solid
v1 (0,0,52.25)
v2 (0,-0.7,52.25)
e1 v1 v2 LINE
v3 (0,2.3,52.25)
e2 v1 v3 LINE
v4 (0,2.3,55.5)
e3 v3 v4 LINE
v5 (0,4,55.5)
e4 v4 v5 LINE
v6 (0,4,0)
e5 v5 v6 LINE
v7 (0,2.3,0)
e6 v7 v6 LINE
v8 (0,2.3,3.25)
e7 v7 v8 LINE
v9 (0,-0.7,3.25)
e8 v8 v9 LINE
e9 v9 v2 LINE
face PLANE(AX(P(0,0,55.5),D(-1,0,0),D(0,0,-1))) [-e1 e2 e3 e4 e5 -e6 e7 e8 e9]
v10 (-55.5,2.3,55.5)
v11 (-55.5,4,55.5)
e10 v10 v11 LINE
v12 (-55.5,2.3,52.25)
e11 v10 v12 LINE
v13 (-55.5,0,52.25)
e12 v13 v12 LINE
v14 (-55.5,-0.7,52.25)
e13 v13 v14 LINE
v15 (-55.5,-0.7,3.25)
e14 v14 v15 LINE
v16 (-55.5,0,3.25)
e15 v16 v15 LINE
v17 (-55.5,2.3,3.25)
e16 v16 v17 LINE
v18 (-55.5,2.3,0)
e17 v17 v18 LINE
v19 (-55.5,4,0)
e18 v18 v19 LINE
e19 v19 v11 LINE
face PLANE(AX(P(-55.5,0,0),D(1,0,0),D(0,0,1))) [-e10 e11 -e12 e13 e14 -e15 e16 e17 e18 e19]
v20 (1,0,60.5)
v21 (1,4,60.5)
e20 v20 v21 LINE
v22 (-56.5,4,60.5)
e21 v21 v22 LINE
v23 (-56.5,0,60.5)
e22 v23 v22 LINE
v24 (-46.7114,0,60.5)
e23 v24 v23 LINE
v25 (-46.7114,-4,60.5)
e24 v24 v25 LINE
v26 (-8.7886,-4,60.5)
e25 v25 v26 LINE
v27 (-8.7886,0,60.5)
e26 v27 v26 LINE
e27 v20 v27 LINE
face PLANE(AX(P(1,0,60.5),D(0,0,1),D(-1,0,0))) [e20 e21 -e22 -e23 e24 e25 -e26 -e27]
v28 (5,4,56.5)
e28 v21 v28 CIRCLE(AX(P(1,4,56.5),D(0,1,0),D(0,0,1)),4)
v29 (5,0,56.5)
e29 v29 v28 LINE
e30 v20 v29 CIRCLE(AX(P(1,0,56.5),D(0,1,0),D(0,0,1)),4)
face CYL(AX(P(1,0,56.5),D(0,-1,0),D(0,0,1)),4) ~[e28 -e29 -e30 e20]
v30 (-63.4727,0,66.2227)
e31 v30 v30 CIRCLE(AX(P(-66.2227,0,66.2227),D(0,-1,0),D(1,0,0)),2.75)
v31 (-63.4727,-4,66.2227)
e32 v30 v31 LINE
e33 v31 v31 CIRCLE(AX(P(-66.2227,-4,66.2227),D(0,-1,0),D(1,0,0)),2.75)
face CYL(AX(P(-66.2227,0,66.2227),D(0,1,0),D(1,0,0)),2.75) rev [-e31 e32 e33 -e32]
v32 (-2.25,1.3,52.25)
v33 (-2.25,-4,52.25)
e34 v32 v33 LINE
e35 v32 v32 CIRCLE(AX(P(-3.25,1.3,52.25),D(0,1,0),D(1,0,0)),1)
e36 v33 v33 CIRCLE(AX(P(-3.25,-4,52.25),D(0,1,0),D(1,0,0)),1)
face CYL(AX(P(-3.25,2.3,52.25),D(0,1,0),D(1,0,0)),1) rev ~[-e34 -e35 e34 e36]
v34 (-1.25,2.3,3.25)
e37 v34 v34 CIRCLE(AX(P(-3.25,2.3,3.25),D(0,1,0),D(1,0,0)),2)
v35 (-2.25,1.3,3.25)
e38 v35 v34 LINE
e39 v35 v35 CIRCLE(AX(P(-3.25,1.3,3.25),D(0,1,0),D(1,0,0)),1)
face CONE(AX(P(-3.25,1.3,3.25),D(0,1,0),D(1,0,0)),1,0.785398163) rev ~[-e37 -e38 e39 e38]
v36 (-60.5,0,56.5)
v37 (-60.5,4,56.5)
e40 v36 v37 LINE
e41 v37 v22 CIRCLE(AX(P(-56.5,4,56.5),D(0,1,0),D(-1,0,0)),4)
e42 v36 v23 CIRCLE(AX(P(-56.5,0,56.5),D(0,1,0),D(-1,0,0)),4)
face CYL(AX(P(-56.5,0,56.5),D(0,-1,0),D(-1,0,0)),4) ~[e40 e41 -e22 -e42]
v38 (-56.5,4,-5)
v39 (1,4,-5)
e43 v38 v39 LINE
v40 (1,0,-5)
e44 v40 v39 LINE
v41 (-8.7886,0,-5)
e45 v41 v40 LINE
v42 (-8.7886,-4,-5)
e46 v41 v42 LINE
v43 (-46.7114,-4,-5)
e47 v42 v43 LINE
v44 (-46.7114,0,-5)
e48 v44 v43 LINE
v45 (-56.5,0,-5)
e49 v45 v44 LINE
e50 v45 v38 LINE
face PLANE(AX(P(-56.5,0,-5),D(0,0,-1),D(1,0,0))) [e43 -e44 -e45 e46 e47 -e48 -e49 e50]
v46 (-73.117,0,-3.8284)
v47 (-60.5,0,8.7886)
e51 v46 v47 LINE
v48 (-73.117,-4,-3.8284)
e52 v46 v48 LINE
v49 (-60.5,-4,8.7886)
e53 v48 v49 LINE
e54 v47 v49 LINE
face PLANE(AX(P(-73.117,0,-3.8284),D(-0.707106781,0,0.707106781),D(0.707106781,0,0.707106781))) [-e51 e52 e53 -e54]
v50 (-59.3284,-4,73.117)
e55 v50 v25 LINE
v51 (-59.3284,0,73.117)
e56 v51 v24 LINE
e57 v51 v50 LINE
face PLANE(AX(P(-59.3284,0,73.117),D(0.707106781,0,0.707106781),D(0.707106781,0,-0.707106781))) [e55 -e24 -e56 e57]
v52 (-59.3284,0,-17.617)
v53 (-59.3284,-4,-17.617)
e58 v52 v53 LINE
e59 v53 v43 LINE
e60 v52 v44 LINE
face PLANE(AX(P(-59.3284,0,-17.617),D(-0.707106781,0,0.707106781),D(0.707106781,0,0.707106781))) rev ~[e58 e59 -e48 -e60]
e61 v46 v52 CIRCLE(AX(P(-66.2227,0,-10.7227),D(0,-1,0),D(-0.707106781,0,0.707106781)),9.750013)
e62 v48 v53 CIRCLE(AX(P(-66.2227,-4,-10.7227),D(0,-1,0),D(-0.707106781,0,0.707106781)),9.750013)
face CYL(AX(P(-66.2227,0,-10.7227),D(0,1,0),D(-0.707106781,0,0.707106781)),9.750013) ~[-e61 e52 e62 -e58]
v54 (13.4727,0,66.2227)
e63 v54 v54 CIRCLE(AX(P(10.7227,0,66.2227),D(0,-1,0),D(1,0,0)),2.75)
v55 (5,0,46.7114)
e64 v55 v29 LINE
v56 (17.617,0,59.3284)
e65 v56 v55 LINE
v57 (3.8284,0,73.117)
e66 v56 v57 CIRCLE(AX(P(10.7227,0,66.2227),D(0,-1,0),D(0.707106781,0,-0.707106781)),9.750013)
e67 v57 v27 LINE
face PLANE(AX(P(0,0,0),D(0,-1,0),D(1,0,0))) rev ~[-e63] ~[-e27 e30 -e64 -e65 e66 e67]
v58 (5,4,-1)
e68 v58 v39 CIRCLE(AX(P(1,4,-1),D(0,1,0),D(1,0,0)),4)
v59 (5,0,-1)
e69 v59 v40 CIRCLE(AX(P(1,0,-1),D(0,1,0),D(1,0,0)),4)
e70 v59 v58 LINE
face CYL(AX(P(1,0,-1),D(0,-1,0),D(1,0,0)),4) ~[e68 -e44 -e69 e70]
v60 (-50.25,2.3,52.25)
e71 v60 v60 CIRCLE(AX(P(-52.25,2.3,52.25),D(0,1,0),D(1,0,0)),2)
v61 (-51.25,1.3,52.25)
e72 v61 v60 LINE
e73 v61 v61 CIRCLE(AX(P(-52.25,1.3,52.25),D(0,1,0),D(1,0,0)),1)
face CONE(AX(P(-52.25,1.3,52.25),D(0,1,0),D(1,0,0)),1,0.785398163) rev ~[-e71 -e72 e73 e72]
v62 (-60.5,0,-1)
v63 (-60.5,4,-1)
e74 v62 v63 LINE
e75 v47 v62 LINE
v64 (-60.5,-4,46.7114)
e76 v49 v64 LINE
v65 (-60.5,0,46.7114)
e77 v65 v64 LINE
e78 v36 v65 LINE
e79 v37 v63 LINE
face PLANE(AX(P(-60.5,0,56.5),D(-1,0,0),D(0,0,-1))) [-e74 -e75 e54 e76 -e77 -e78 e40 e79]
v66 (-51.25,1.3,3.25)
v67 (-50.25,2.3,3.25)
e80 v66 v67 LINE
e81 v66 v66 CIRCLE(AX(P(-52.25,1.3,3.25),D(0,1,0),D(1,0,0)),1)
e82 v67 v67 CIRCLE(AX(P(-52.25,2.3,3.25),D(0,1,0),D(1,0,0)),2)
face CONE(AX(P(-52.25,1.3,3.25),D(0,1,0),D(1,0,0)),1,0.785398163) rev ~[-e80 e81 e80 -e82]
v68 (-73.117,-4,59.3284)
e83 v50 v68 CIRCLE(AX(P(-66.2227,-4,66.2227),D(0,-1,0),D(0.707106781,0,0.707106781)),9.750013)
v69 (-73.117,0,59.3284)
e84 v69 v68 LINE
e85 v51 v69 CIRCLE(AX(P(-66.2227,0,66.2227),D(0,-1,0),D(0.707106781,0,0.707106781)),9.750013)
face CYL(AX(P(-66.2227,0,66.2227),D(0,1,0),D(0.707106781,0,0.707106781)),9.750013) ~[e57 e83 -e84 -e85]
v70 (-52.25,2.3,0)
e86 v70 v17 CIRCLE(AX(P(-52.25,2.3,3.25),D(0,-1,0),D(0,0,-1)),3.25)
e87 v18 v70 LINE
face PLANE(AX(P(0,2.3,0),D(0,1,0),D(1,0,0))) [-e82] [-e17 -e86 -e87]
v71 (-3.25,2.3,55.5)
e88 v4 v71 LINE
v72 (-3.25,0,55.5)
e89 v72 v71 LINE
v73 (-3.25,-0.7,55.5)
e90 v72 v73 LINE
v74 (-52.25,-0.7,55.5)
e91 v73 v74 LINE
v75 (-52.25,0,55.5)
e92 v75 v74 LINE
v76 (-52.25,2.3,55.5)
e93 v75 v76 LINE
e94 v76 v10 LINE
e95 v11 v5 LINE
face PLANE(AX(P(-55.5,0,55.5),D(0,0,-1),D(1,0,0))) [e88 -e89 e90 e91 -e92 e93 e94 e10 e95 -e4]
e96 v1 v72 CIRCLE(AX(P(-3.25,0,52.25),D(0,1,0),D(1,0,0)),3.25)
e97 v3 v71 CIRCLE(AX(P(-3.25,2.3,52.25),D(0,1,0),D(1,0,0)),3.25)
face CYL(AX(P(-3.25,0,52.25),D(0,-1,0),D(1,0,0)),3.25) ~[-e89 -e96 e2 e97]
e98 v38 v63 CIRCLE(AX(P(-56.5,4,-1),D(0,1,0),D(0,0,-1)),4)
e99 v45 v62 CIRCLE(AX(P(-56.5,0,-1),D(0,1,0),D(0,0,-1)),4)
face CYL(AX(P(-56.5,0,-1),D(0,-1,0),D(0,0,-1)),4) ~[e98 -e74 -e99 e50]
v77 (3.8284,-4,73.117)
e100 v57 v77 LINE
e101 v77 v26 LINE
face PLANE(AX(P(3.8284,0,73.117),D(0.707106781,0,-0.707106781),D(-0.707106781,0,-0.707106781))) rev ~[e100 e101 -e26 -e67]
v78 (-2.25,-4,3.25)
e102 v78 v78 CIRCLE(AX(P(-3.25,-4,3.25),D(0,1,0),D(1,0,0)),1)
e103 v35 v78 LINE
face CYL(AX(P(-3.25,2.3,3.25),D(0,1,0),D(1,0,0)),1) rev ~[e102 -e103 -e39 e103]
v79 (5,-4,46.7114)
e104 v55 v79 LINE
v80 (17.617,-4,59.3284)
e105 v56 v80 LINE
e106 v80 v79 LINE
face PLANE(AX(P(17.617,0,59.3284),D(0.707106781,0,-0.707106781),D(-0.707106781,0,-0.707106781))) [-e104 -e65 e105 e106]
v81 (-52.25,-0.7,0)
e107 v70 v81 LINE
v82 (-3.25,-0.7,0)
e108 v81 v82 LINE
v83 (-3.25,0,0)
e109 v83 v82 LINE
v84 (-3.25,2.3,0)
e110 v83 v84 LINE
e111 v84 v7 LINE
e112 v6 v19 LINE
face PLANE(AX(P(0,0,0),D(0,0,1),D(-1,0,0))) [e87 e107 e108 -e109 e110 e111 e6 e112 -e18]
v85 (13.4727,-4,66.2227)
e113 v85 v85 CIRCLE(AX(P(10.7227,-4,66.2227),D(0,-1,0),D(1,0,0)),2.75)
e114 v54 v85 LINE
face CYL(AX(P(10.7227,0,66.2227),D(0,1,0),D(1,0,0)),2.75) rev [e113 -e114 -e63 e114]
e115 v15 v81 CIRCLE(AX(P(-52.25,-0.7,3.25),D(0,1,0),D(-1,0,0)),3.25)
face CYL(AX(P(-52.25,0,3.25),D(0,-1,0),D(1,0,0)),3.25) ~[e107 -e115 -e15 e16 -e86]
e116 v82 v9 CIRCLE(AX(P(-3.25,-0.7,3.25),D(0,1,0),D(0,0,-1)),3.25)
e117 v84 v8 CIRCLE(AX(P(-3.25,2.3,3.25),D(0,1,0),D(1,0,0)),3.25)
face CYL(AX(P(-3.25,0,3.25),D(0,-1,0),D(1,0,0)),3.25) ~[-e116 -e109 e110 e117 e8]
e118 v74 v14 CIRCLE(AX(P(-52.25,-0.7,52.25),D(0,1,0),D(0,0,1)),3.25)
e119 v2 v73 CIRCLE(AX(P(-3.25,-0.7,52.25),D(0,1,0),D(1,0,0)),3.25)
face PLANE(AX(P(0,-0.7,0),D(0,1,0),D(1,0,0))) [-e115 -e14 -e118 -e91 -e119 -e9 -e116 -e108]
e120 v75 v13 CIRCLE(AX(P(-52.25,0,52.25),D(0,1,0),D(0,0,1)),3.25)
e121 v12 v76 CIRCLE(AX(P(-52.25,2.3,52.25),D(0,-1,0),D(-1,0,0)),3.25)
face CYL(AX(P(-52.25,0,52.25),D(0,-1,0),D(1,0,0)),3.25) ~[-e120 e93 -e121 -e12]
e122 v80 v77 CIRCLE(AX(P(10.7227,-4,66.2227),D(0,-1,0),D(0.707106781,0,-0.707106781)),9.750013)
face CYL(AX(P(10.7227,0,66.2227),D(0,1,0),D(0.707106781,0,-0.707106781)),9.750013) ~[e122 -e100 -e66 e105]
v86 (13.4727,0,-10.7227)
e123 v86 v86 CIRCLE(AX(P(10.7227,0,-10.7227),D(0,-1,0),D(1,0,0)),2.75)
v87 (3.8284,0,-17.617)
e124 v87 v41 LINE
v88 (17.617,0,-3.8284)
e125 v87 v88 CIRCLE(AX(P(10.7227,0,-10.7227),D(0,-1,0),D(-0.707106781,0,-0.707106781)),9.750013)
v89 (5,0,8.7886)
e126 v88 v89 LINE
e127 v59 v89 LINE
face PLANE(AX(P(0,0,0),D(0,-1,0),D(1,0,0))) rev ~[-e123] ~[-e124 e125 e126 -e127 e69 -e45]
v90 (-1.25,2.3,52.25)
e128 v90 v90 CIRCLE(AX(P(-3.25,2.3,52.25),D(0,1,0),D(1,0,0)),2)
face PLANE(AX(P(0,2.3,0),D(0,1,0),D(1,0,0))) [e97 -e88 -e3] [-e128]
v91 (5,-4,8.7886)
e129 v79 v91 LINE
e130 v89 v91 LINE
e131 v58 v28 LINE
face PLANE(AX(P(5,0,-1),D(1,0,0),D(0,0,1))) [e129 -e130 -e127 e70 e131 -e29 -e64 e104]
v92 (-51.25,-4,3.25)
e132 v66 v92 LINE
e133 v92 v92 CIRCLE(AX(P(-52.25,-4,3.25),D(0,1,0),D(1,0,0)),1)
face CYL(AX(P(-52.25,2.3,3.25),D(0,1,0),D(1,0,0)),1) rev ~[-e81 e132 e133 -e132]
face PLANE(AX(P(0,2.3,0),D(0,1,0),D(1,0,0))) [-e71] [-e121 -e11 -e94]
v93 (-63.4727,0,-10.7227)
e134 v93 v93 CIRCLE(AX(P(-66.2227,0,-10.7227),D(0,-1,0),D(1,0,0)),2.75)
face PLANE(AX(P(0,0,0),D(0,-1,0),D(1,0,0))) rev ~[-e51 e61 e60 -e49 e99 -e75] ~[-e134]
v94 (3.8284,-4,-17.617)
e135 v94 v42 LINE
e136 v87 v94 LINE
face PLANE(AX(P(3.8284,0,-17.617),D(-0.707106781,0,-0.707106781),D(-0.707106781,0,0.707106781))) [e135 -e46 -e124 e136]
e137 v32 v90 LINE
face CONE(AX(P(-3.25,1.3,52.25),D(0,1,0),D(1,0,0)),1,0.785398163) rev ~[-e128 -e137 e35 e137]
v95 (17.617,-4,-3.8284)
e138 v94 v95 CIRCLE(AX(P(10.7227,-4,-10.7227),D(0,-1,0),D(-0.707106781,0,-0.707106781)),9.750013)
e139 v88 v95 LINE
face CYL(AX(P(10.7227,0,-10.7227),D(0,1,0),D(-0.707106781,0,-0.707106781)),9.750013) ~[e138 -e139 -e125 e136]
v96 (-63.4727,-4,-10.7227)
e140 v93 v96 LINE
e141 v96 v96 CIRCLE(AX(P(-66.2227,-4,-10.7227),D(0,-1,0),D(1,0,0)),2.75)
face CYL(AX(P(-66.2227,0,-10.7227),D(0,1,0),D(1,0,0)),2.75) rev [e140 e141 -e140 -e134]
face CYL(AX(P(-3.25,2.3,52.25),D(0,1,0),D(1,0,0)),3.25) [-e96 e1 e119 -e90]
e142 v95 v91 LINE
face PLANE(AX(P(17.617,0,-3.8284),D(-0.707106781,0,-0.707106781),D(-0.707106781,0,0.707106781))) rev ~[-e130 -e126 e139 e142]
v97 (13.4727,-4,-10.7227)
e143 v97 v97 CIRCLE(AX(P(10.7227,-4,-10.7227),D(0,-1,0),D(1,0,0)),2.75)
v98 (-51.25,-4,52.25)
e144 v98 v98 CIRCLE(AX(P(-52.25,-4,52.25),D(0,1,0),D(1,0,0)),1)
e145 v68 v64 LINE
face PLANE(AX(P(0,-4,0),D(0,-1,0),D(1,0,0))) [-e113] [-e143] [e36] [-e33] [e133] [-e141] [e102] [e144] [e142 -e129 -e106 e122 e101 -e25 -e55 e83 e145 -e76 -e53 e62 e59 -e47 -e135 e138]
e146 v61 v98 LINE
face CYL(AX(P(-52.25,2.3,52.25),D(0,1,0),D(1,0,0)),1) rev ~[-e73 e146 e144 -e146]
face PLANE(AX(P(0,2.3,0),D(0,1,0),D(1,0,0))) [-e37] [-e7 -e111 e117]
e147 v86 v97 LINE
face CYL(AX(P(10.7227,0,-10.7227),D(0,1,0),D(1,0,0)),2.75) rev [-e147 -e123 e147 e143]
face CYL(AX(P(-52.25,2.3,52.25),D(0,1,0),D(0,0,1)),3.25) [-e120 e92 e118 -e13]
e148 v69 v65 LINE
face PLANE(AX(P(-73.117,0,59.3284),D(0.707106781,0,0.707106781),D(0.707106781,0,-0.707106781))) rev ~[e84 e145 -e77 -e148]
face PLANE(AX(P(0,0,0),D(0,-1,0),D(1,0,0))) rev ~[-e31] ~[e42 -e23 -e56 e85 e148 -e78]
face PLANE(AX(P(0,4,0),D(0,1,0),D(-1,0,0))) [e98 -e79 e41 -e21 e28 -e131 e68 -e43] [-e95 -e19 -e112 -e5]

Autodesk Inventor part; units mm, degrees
ref_plane "YZ Plane" through (0, 0, 0) normal (1, 0, 0) x (0, 1, 0)
ref_plane "XZ Plane" through (0, 0, 0) normal (0, 1, 0) x (-1, 0, 0)
ref_plane "XY Plane" through (0, 0, 0) normal (0, 0, 1) x (1, 0, 0)
sketch "Sketch1" plane through (0, 0, 0) normal (0, 1, 0) x (-1, 0, 0)
  line L0 (0, 0) -> (55.5, 0)
  line L1 (55.5, 0) -> (55.5, 55.5)
  line L2 (55.5, 55.5) -> (0, 55.5)
  line L3 (0, 55.5) -> (0, 0)
  line L4 (-1, 60.5) -> (56.5, 60.5)
  line L5 (60.5, 56.5) -> (60.5, -1)
  line L6 (56.5, -5) -> (-1, -5)
  line L7 (-5, -1) -> (-5, 56.5)
  arc A0 (60.5, 56.5) -> (56.5, 60.5) centre (56.5, 56.5) ccw
  arc A1 (56.5, -5) -> (60.5, -1) centre (56.5, -1) ccw
  arc A2 (-5, -1) -> (-1, -5) centre (-1, -1) ccw
  arc A3 (-1, 60.5) -> (-5, 56.5) centre (-1, 56.5) ccw
  dimension "d0" = 55.5
  dimension "d1" = 55.5
  dimension "d2" = 5
  dimension "d3" = 4
extrude "Extrusion1" add sketch "Sketch1" along normal blind 4
sketch "Sketch2" plane through (0, 0, 0) normal (0, -1, 0) x (1, 0, 0)
  line L0 (1, -5) -> (-56.5, -5) projected
  arc A0 (1, -5) -> (5, -1) centre (1, -1) ccw projected
  line L1 (5, 56.5) -> (5, -1) projected
  arc A1 (5, 56.5) -> (1, 60.5) centre (1, 56.5) ccw projected
  line L2 (-56.5, 60.5) -> (1, 60.5) projected
  arc A2 (-56.5, 60.5) -> (-60.5, 56.5) centre (-56.5, 56.5) ccw projected
  line L3 (-60.5, -1) -> (-60.5, 56.5) projected
  arc A3 (-60.5, -1) -> (-56.5, -5) centre (-56.5, -1) ccw projected
  line L4 (0, 0) -> (0, 55.5) projected
  line L5 (-55.5, 0) -> (0, 0) projected
  line L6 (-55.5, 55.5) -> (-55.5, 0) projected
  line L7 (0, 55.5) -> (-55.5, 55.5) projected
  line L8 (-77.75, 77.75) -> (22.25, 77.75) construction
  line L9 (22.25, 77.75) -> (22.25, -22.25) construction
  line L10 (22.25, -22.25) -> (-77.75, -22.25) construction
  line L11 (-77.75, -22.25) -> (-77.75, 77.75) construction
  line L12 (-77.75, 77.75) -> (22.25, -22.25) construction
  line L13 (22.25, 77.75) -> (-77.75, -22.25) construction
  circle A4 centre (10.7227, 66.2227) radius 2.75
  arc A5 (17.617, 59.3284) -> (3.8284, 73.117) centre (10.7227, 66.2227) ccw
  arc A6 (5, 56.5) -> (1, 60.5) centre (1, 56.5) ccw projected
  line L14 (17.617, 59.3284) -> (5, 46.7114)
  line L15 (3.8284, 73.117) -> (-8.7886, 60.5)
  line L16 (-59.3284, 73.117) -> (-46.7114, 60.5)
  arc A7 (-59.3284, 73.117) -> (-73.117, 59.3284) centre (-66.2227, 66.2227) ccw
  circle A8 centre (-66.2227, 66.2227) radius 2.75
  line L17 (-73.117, 59.3284) -> (-60.5, 46.7114)
  line L18 (-73.117, -3.8284) -> (-60.5, 8.7886)
  arc A9 (-73.117, -3.8284) -> (-59.3284, -17.617) centre (-66.2227, -10.7227) ccw
  circle A10 centre (-66.2227, -10.7227) radius 2.75
  line L19 (-59.3284, -17.617) -> (-46.7114, -5)
  line L20 (3.8284, -17.617) -> (-8.7886, -5)
  arc A11 (3.8284, -17.617) -> (17.617, -3.8284) centre (10.7227, -10.7227) ccw
  circle A12 centre (10.7227, -10.7227) radius 2.75
  line L21 (17.617, -3.8284) -> (5, 8.7886)
  point P0 (-27.75, 27.75)
  dimension "d6" = 100
  dimension "d7" = 100
  dimension "d8" = 5.5
  dimension "d9" = 7
  dimension "d12" = 360
extrude "Extrusion2" add sketch "Sketch2" along normal blind 4 contours A0 L1 L21 A11 L20 L0 | L0 A3 L3 A2 L2 A1 L1 A0 | L19 A9 L18 L3 A3 L0 | L1 A1 L2 L15 A5 L14 | L17 A7 L16 L2 A2 L3 | L5 L6 L7 L4
sketch "Sketch3" plane through (0, 0, 0) normal (0, 1, 0) x (1, 0, 0)
  line L0 (-52.25, -52.25) -> (-3.25, -52.25) construction
  line L1 (-3.25, -52.25) -> (-3.25, -3.25) construction
  line L2 (-3.25, -3.25) -> (-52.25, -3.25) construction
  line L3 (-52.25, -3.25) -> (-52.25, -52.25) construction
  line L4 (-52.25, -52.25) -> (-52.25, -55.5) construction
  line L5 (-52.25, -52.25) -> (-55.5, -52.25) construction
  line L6 (-55.5, -55.5) -> (-55.5, 0) construction
  line L7 (-3.25, -3.25) -> (0, -3.25) construction
  line L8 (0, 0) -> (0, -55.5) construction
  line L9 (-3.25, -3.25) -> (-3.25, 0) construction
  line L10 (-55.5, 0) -> (0, 0) construction
  line L11 (0, -55.5) -> (-55.5, -55.5) projected
  circle A0 centre (-52.25, -52.25) radius 3.25
  circle A1 centre (-52.25, -3.25) radius 3.25
  circle A2 centre (-3.25, -3.25) radius 3.25
  circle A3 centre (-3.25, -52.25) radius 3.25
  line L12 (-55.5, 0) -> (0, 0) projected
  line L13 (-55.5, -55.5) -> (-55.5, 0) projected
  line L14 (0, -55.5) -> (-55.5, -55.5) projected
  line L15 (0, 0) -> (0, -55.5) projected
  point P0 (-3.25, 0)
  point P1 (0, -3.25)
  point P2 (0, -52.25)
  point P3 (-3.25, -55.5)
  point P4 (-55.5, -3.25)
  point P5 (-52.25, 0)
  dimension "d16" = 49
  dimension "d17" = 49
extrude "Extrusion3" add sketch "Sketch3" along normal blind 2.3 contours L11 A3 L15 | A3 | L11 L13 A0 | A0 | A2 | A2 L12 L15 | L13 L12 A1 | A1
sketch "Sketch4" plane through (0, 2.3, 0) normal (0, 1, 0) x (1, 0, 0)
  arc A0 (0, -52.25) -> (-3.25, -55.5) centre (-3.25, -52.25) ccw projected
  line L0 (0, -3.25) -> (0, -52.25) projected
  arc A1 (-3.25, 0) -> (0, -3.25) centre (-3.25, -3.25) ccw projected
  line L1 (-52.25, 0) -> (-3.25, 0) projected
  arc A2 (-55.5, -3.25) -> (-52.25, 0) centre (-52.25, -3.25) ccw projected
  line L2 (-55.5, -52.25) -> (-55.5, -3.25) projected
  arc A3 (-52.25, -55.5) -> (-55.5, -52.25) centre (-52.25, -52.25) ccw projected
  line L3 (-3.25, -55.5) -> (-52.25, -55.5) projected
  point P0 (0, 0)
extrude "Extrusion4" cut sketch "Sketch4" against normal blind 3
sketch "Sketch5" plane through (0, 2.3, 0) normal (0, 1, 0) x (1, 0, 0)
  line L0 (0, 0) -> (0, -3.25) projected
  line L1 (-3.25, 0) -> (0, 0) projected
  arc A0 (-3.25, 0) -> (0, -3.25) centre (-3.25, -3.25) ccw projected
  arc A1 (0, -52.25) -> (-3.25, -55.5) centre (-3.25, -52.25) ccw projected
  line L2 (0, -55.5) -> (-3.25, -55.5) projected
  line L3 (0, -52.25) -> (0, -55.5) projected
  line L4 (-52.25, -55.5) -> (-55.5, -55.5) projected
  arc A2 (-52.25, -55.5) -> (-55.5, -52.25) centre (-52.25, -52.25) ccw projected
  line L5 (-55.5, -55.5) -> (-55.5, -52.25) projected
  arc A3 (-55.5, -3.25) -> (-52.25, 0) centre (-52.25, -3.25) ccw projected
  line L6 (-55.5, 0) -> (-52.25, 0) projected
  line L7 (-55.5, -3.25) -> (-55.5, 0) projected
  circle A4 centre (-52.25, -52.25) radius 1
  arc A5 (-55.5, -3.25) -> (-52.25, 0) centre (-52.25, -3.25) ccw projected
  circle A6 centre (-52.25, -3.25) radius 1
  arc A7 (-3.25, 0) -> (0, -3.25) centre (-3.25, -3.25) ccw projected
  circle A8 centre (-3.25, -3.25) radius 1
  circle A9 centre (-3.25, -52.25) radius 1
  dimension "d23" = 2
  dimension "d24" = 2
  dimension "d25" = 2
  dimension "d26" = 2
extrude "Extrusion5" cut sketch "Sketch5" against normal up to next contours A4 | A6 | A8 | A9
chamfer "Chamfer1" distance 1 angle 45 4 edges at (-53.25, 2.3, 52.25) (-53.25, 2.3, 3.25) (-4.25, 2.3, 52.25) (-4.25, 2.3, 3.25)
equation "\"d24\" = d23"
equation "\"d25\" = d23"
equation "\"d26\" = d23"
properties part number "Drok L298 DC Motor Driver Mount"
